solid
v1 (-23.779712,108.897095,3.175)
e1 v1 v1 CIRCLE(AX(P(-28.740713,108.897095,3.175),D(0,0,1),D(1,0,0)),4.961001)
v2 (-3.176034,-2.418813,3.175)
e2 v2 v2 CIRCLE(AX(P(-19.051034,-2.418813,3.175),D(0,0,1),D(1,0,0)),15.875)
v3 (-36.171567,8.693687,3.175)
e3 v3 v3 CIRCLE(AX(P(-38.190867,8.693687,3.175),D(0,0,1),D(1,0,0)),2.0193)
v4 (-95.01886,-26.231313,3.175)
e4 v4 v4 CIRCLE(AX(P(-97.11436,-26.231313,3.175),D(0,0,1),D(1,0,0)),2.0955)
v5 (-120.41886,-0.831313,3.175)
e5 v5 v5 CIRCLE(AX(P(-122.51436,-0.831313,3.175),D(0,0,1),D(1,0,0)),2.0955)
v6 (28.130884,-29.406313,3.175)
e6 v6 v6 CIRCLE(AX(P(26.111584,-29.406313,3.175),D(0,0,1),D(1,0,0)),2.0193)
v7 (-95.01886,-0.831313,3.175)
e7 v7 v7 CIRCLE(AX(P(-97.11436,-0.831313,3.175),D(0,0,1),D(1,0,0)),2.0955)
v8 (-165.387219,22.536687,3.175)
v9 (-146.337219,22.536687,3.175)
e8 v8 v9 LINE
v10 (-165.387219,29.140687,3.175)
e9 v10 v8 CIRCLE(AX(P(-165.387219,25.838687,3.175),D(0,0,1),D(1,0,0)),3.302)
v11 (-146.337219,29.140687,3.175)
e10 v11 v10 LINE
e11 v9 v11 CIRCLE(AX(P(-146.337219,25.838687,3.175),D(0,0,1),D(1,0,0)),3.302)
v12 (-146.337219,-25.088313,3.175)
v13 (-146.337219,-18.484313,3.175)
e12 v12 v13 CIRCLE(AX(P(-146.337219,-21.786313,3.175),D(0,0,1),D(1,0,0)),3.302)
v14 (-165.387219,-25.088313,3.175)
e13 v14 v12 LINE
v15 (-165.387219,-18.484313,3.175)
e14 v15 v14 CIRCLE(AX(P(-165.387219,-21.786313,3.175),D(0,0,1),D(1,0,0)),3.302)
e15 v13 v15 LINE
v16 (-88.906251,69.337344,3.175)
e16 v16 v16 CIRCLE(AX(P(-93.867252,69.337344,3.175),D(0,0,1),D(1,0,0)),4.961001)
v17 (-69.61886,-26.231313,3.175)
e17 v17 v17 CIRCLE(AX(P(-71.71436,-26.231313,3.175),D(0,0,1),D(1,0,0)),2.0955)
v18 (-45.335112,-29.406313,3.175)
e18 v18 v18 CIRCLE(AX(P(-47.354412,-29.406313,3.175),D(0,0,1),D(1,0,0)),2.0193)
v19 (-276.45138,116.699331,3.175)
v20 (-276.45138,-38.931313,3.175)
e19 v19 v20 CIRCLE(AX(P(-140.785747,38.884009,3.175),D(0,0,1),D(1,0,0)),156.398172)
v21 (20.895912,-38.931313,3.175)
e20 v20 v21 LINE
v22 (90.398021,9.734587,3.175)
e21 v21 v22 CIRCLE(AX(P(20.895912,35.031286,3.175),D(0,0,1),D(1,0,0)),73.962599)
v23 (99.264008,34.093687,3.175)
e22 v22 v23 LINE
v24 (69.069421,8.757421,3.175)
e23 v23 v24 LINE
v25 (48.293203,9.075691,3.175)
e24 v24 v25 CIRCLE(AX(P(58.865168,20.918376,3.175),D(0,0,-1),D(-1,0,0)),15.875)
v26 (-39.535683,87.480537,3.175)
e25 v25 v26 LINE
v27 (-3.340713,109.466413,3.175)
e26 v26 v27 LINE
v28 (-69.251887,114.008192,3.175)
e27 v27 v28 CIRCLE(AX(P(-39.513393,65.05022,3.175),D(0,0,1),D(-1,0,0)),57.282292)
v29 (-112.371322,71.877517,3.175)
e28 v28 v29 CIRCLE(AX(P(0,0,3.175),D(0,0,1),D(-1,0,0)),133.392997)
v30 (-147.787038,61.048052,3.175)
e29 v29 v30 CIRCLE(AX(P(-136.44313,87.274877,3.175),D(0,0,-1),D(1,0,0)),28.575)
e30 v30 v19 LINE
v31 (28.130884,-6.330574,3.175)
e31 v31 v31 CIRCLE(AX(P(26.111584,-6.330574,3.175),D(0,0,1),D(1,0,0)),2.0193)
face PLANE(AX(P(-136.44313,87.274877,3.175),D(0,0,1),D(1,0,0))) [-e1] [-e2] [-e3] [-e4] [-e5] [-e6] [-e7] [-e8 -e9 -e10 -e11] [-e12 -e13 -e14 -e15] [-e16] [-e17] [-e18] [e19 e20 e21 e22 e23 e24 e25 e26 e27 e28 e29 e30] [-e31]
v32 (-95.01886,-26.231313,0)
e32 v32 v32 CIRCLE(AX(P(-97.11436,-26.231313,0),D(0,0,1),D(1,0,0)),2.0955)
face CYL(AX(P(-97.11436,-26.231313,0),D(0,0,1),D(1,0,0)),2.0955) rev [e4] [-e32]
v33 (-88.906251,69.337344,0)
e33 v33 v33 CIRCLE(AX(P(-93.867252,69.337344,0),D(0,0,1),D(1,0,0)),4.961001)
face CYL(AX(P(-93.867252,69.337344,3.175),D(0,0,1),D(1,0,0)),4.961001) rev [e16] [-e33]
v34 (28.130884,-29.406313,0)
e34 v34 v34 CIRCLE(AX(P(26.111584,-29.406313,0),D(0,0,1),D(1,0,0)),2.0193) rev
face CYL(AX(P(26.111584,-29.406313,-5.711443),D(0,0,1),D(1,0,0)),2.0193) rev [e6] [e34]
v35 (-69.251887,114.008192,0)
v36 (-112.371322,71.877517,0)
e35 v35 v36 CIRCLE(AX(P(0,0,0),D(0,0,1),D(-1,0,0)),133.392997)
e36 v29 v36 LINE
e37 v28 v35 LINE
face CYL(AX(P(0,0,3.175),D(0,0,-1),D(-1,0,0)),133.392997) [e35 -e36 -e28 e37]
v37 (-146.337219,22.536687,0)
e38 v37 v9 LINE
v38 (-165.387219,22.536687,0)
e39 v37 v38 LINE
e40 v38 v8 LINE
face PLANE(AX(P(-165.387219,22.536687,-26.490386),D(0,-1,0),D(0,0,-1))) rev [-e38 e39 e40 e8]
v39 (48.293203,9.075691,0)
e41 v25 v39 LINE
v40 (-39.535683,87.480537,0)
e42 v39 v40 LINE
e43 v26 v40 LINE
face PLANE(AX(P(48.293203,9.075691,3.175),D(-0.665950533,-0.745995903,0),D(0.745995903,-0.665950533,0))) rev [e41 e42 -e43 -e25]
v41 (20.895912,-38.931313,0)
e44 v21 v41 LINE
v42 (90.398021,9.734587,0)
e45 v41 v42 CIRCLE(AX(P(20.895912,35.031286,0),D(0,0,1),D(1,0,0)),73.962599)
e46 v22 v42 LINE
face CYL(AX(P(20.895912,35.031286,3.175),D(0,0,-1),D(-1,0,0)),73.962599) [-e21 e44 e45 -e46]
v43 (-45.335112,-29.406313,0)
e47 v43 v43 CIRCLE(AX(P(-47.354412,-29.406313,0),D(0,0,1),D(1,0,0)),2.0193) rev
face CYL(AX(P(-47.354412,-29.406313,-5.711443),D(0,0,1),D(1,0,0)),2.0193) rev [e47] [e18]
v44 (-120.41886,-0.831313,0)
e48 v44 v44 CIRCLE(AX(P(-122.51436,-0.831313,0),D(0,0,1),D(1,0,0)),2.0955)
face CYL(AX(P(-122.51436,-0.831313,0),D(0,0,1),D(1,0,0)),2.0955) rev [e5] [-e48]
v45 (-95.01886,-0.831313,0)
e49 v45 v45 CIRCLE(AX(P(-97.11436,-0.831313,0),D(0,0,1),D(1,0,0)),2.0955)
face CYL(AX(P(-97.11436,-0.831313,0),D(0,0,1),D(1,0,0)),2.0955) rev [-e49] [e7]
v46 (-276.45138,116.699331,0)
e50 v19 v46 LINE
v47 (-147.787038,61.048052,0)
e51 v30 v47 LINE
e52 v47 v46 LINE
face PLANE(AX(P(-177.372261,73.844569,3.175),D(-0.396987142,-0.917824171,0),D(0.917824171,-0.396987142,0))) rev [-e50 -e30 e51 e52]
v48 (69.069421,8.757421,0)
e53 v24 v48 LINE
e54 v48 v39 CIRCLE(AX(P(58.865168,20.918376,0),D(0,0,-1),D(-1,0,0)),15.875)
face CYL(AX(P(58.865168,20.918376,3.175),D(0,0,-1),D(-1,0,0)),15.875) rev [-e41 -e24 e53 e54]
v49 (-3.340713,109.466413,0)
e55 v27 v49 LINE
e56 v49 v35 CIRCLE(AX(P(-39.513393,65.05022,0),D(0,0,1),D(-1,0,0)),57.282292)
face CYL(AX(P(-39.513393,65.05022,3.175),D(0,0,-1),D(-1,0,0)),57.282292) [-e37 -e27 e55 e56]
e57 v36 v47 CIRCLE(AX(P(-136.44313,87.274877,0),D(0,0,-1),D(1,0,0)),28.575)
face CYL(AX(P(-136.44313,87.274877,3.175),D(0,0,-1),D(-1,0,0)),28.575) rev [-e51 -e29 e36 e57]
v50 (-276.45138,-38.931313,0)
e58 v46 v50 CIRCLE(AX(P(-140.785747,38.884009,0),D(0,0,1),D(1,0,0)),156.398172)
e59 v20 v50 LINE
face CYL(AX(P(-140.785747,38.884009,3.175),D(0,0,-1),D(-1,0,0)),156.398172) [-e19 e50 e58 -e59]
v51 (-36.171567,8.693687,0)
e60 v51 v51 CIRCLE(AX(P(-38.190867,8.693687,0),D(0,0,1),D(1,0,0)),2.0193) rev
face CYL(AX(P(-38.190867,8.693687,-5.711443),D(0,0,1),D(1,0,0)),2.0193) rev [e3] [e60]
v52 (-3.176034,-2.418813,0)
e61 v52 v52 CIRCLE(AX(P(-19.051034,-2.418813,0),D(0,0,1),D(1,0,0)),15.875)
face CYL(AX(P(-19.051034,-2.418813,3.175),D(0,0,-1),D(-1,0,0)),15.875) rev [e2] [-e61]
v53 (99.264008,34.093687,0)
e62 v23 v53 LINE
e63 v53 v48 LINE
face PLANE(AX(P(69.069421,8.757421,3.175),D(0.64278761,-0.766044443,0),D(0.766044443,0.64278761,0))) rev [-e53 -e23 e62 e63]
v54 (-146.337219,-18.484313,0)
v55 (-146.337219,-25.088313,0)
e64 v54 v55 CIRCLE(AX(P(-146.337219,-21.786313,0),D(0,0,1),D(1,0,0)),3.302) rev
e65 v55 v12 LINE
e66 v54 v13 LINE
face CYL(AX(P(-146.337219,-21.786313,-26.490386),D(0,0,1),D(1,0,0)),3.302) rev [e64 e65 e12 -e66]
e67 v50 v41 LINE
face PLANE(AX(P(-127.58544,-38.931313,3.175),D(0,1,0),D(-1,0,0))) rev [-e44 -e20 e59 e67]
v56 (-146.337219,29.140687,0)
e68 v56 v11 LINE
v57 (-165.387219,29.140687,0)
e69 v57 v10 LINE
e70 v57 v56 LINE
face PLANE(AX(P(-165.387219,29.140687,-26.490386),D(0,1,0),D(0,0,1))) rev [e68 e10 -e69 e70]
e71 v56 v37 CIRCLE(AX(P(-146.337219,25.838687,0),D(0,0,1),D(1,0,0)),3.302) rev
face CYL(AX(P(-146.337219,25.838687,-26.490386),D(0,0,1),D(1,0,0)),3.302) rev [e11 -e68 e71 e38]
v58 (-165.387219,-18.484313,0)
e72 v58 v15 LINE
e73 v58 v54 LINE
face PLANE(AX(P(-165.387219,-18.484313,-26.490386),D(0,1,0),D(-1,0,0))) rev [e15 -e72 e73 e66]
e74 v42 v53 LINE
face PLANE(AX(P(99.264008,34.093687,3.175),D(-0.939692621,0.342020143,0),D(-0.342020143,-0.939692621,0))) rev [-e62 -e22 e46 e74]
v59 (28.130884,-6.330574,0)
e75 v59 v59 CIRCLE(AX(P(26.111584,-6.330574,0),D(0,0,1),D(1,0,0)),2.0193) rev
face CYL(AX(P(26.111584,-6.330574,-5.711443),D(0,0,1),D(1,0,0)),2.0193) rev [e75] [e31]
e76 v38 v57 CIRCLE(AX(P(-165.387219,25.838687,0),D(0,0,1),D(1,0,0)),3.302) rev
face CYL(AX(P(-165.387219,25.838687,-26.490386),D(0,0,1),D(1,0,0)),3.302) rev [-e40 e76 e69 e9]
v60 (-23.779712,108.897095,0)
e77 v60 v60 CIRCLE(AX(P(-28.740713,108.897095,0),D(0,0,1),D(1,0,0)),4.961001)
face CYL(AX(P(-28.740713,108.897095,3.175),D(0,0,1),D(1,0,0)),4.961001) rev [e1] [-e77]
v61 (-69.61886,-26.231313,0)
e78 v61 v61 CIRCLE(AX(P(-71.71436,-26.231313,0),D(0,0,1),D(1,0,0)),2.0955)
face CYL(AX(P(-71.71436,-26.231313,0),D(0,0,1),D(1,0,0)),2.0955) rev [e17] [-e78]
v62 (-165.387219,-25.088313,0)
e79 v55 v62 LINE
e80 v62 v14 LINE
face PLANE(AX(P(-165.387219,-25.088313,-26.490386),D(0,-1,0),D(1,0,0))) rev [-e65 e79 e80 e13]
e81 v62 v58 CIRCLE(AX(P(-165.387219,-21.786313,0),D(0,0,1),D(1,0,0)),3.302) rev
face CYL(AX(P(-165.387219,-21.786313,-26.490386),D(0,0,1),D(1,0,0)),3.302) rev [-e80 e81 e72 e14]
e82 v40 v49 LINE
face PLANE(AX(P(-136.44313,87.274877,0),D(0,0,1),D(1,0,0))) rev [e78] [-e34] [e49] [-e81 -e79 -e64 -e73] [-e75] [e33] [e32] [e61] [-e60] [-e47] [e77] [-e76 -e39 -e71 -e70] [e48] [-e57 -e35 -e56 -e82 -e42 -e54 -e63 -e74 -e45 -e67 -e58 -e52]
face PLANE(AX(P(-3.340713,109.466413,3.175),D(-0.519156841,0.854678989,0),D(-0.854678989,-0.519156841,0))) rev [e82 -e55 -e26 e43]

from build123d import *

# Parameters (mm, degrees)
BOSS_EXTRUDE1_DEPTH              = 3.175
SKETCH4_R                        = 15.875
CUT_EXTRUDE1_DEPTH               = 4.175
SKETCH10_R                       = 2.0955
CUT_EXTRUDE5_DEPTH               = 4.175
CUT_EXTRUDE6_DEPTH               = 3.175
SKETCH12_R                       = 2.0193
CUT_EXTRUDE7_DEPTH               = 3.175
F_25_64_0_39063_DIAMETER_HOLE1_D = 9.922002


with BuildPart() as part:
    # Sketch1 → Boss-Extrude1 (new body)
    with BuildSketch(Plane.XY):
        with BuildLine():
            Line((-127.585439757, -38.931312956), (20.895912371, -38.931312956))
            ThreePointArc((20.895912371, -38.931312956), (63.319116371, -25.555328115), (90.398020935, 9.734587382))
            Line((90.398020935, 9.734587382), (99.264008145, 34.093687044))
            Line((99.264008145, 34.093687044), (69.069421488, 8.757420515))
            ThreePointArc((69.069421488, 8.757420515), (58.622007829, 5.045238426), (48.293203475, 9.075691085))
            Line((48.293203475, 9.075691085), (-39.53568268, 87.480536572))
            Line((-39.53568268, 87.480536572), (-3.340712695, 109.466412576))
            ThreePointArc((-3.340712695, 109.466412576), (-35.575547408, 122.196999074), (-69.251886775, 114.008191568))
            ThreePointArc((-69.251886775, 114.008191568), (-93.222829654, 95.410668155), (-112.371322471, 71.877517018))
            ThreePointArc((-112.371322471, 71.877517018), (-128.087342247, 59.948856215), (-147.787037557, 61.048051754))
            Line((-147.787037557, 61.048051754), (-177.372260989, 73.844569494))
            Line((-177.372260989, 73.844569494), (-276.451380272, 116.699331448))
            ThreePointArc((-276.451380272, 116.699331448), (-297.183919754, 38.884009246), (-276.451380272, -38.931312956))
            Line((-276.451380272, -38.931312956), (-127.585439757, -38.931312956))
        make_face()
    extrude(amount=BOSS_EXTRUDE1_DEPTH)

    # Sketch4 → Cut-Extrude1 (cut, through all)
    with BuildSketch(Plane.XY):
        with Locations((-19.051033526, -2.418812956)):
            Circle(SKETCH4_R)
    extrude(amount=CUT_EXTRUDE1_DEPTH, mode=Mode.SUBTRACT)

    # Sketch10 → Cut-Extrude5 (cut, through all)
    with BuildSketch(Plane.XY.offset(3.175)):
        with Locations((-97.11436, -26.231312956)):
            Circle(SKETCH10_R)
        with Locations((-71.71436, -26.231312956)):
            Circle(SKETCH10_R)
        with Locations((-122.51436, -0.831312956)):
            Circle(SKETCH10_R)
        with Locations((-97.11436, -0.831312956)):
            Circle(SKETCH10_R)
    extrude(amount=-CUT_EXTRUDE5_DEPTH, mode=Mode.SUBTRACT)

    # Sketch11 → Cut-Extrude6 (cut)
    with BuildSketch(Plane.XY.offset(3.175)):
        with BuildLine():
            Line((-165.387218926, -25.088312956), (-146.337218926, -25.088312956))
            ThreePointArc((-146.337218926, -25.088312956), (-143.035218926, -21.786312956), (-146.337218926, -18.484312956))
            Line((-146.337218926, -18.484312956), (-165.387218926, -18.484312956))
            ThreePointArc((-165.387218926, -18.484312956), (-168.689218926, -21.786312956), (-165.387218926, -25.088312956))
        make_face()
        with BuildLine():
            Line((-165.387218926, 29.140687044), (-146.337218926, 29.140687044))
            ThreePointArc((-146.337218926, 29.140687044), (-143.035218926, 25.838687044), (-146.337218926, 22.536687044))
            Line((-146.337218926, 22.536687044), (-165.387218926, 22.536687044))
            ThreePointArc((-165.387218926, 22.536687044), (-168.689218926, 25.838687044), (-165.387218926, 29.140687044))
        make_face()
    extrude(amount=-CUT_EXTRUDE6_DEPTH, mode=Mode.SUBTRACT)

    # Sketch12 → Cut-Extrude7 (cut)
    with BuildSketch(Plane.XY.offset(3.175)):
        with Locations((26.111583591, -6.330574271)):
            Circle(SKETCH12_R)
        with Locations((-38.190866701, 8.693687044)):
            Circle(SKETCH12_R)
        with Locations((-47.354412394, -29.406312956)):
            Circle(SKETCH12_R)
        with Locations((26.111583591, -29.406312956)):
            Circle(SKETCH12_R)
    extrude(amount=-CUT_EXTRUDE7_DEPTH, mode=Mode.SUBTRACT)

    # 25/64 (0.39063) Diameter Hole1 (through all)
    with Locations(Plane.XY.offset(3.175)):
        with Locations((-28.740712695, 108.89709501), (-93.867251666, 69.337343725)):
            Hole(F_25_64_0_39063_DIAMETER_HOLE1_D / 2)


solid = part.part
